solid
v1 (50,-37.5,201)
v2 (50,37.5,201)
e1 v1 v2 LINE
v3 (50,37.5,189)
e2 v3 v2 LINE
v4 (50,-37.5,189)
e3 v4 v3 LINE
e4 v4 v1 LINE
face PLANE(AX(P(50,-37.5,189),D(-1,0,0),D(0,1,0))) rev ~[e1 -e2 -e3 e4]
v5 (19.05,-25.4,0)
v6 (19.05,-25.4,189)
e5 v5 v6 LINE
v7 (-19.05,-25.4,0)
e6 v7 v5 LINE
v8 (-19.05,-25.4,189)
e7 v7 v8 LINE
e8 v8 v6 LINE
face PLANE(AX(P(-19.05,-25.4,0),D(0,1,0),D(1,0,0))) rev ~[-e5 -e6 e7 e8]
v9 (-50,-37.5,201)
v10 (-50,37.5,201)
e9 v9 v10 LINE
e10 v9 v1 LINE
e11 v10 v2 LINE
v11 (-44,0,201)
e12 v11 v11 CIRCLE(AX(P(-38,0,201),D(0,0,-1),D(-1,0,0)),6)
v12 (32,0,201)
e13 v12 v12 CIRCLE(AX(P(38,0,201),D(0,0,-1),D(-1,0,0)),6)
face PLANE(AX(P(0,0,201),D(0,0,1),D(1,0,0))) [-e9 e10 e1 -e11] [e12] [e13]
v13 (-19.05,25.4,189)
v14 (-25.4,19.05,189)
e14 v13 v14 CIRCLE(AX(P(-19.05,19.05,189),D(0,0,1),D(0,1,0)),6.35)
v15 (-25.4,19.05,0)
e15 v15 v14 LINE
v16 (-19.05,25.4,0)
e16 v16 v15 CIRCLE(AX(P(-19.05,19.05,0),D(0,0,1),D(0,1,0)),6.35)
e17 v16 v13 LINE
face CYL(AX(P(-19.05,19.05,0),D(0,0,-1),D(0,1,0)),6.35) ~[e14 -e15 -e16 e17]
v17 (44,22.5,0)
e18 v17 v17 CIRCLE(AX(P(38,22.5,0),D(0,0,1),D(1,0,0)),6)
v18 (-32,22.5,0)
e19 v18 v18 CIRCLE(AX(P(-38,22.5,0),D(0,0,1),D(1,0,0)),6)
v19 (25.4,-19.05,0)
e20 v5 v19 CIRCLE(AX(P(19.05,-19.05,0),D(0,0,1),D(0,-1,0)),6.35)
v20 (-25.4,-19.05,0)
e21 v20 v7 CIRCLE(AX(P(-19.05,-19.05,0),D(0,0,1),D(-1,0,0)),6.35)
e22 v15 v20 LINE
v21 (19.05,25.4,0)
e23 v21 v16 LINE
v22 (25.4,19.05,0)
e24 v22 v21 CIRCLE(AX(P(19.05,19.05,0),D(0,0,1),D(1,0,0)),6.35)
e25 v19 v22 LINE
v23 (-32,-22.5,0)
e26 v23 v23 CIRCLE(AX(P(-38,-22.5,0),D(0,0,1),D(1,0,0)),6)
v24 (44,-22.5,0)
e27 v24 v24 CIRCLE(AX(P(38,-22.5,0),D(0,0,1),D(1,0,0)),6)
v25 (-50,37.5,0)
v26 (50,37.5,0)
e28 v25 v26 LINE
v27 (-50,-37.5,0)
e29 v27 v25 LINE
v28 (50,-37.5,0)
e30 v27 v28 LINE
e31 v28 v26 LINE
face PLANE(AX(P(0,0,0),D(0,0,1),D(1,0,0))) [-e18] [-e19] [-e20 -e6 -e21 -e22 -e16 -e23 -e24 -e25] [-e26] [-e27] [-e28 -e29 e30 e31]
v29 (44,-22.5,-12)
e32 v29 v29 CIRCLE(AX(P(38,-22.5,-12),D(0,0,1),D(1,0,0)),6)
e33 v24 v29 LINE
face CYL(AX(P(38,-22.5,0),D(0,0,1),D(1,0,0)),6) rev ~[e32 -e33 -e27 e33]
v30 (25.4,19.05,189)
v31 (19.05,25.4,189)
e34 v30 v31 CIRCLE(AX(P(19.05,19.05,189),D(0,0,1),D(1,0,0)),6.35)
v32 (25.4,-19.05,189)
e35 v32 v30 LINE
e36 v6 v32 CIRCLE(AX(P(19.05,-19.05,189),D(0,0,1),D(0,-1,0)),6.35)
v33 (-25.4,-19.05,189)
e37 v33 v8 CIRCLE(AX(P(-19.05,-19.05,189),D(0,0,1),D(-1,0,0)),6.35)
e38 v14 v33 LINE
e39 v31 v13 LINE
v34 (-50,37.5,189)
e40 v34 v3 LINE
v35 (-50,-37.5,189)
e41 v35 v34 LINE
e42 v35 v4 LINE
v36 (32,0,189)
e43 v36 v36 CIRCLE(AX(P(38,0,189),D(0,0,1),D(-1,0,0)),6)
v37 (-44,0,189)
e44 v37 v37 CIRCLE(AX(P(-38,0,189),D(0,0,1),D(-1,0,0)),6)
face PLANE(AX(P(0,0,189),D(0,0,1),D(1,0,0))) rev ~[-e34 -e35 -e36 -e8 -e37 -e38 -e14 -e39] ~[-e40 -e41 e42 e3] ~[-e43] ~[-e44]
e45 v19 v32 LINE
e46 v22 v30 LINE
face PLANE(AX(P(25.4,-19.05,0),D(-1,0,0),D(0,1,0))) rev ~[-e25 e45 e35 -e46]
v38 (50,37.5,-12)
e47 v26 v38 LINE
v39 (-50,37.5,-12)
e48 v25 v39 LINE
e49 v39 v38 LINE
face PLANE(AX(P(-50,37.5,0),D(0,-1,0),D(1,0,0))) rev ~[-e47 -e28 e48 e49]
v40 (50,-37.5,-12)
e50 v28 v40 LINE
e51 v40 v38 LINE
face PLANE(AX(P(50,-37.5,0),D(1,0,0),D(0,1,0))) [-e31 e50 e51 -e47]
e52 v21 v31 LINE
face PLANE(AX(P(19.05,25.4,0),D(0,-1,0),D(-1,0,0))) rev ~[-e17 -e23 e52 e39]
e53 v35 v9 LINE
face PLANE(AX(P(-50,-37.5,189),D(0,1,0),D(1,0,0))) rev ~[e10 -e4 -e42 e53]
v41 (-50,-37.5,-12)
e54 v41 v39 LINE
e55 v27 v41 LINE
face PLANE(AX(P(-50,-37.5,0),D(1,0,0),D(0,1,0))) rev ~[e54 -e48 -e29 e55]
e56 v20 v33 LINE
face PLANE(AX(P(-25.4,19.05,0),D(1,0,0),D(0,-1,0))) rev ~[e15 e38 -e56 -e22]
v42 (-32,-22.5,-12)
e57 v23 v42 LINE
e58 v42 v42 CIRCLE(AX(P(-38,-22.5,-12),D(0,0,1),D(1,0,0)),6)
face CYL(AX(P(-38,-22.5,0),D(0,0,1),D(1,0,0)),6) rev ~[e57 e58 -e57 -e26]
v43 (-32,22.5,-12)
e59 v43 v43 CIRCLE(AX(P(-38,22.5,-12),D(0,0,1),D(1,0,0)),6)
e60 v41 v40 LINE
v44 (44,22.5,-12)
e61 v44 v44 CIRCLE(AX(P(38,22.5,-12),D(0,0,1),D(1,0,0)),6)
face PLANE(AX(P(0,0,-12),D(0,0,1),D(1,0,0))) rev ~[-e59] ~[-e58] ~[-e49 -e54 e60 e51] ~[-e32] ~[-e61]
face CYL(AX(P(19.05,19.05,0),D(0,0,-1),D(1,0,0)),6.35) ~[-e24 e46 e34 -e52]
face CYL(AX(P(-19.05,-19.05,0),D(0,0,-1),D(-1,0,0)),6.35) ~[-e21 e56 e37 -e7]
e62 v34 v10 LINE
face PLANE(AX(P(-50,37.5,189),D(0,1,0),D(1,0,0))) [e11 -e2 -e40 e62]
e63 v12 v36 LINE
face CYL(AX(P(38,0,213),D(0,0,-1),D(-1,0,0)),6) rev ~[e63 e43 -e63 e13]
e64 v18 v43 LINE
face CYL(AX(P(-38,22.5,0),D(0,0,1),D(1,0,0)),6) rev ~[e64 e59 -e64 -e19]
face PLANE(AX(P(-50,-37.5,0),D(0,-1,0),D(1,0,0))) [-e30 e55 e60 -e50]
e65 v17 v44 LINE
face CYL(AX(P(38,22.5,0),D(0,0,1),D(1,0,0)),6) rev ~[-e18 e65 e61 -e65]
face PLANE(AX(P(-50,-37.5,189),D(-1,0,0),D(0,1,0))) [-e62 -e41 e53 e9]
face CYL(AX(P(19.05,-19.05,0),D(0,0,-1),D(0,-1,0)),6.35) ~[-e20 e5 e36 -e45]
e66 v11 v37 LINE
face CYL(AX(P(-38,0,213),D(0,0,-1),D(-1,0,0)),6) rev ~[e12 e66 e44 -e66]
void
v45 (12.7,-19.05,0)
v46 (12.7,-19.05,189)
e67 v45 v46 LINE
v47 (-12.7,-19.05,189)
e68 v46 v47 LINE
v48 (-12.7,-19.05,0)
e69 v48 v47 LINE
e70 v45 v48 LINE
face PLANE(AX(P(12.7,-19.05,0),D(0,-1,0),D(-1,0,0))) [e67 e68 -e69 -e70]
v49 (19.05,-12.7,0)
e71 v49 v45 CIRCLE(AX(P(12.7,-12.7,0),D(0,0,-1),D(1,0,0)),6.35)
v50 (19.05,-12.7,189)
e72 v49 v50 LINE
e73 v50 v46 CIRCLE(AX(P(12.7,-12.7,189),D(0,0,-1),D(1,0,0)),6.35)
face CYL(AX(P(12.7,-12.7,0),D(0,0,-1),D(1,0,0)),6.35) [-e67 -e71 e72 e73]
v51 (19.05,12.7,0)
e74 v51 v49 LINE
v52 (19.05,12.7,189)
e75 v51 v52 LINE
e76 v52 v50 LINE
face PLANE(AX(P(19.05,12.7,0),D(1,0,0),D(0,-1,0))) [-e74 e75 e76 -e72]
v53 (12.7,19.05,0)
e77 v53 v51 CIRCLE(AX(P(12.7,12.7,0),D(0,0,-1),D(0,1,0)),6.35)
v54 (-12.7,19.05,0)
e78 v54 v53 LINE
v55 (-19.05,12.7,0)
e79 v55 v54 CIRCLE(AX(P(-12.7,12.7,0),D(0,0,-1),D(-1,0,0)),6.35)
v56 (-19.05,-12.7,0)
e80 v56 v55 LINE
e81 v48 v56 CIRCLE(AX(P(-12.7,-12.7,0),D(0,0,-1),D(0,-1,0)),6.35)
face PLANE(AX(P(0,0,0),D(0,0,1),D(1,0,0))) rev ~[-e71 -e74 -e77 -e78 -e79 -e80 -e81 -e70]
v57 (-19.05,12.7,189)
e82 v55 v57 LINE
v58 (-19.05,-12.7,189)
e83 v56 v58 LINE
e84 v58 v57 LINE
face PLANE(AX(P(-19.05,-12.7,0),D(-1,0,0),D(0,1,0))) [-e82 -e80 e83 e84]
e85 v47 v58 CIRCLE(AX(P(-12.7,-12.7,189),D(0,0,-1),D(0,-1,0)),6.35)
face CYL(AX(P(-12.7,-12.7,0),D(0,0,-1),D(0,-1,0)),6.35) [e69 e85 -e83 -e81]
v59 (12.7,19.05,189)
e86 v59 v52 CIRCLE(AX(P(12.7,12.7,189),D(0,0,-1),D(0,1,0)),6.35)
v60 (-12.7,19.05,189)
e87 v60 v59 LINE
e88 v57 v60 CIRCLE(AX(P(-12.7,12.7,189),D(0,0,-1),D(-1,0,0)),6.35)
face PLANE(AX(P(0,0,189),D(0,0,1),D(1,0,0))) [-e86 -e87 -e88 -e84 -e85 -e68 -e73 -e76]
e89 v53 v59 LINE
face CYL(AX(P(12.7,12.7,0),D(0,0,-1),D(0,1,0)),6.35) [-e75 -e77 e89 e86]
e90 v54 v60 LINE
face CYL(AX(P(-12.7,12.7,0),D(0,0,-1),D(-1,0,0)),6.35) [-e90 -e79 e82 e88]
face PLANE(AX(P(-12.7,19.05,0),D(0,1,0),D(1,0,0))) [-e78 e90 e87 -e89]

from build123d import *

# Parameters (mm, degrees)
F0_W     = 100
F0_H     = 75
F1_DEPTH = 12
F3_DEPTH = 189
F5_W     = 100
F5_H     = 75
F6_DEPTH = 12
F8_D     = 12
F8_DEPTH = 12
F8_TIP   = 3.6051637142
F9_D     = 12
F9_DEPTH = 12
F9_TIP   = 3.6051637142


with BuildPart() as f1:
    # F0 (on Top) → F1 (new body)
    with BuildSketch(Plane.XY):
        Rectangle(F0_W, F0_H)
    extrude(amount=-F1_DEPTH)

    # F2 (on face) → F3 (join)
    with BuildSketch(Plane.XY):
        with BuildLine():
            Line((-19.05, -25.4), (19.05, -25.4))
            ThreePointArc((19.05, -25.4), (23.5401280605, -23.5401280605), (25.4, -19.05))
            Line((25.4, -19.05), (25.4, 19.05))
            ThreePointArc((25.4, 19.05), (23.5401280605, 23.5401280605), (19.05, 25.4))
            Line((19.05, 25.4), (-19.05, 25.4))
            ThreePointArc((-19.05, 25.4), (-23.5401280605, 23.5401280605), (-25.4, 19.05))
            Line((-25.4, 19.05), (-25.4, -19.05))
            ThreePointArc((-25.4, -19.05), (-23.5401280605, -23.5401280605), (-19.05, -25.4))
        make_face()
        with BuildLine():
            Line((-12.7, 19.05), (12.7, 19.05))
            ThreePointArc((12.7, 19.05), (17.1901280605, 17.1901280605), (19.05, 12.7))
            Line((19.05, 12.7), (19.05, -12.7))
            ThreePointArc((19.05, -12.7), (17.1901280605, -17.1901280605), (12.7, -19.05))
            Line((12.7, -19.05), (-12.7, -19.05))
            ThreePointArc((-12.7, -19.05), (-17.1901280605, -17.1901280605), (-19.05, -12.7))
            Line((-19.05, -12.7), (-19.05, 12.7))
            ThreePointArc((-19.05, 12.7), (-17.1901280605, 17.1901280605), (-12.7, 19.05))
        make_face(mode=Mode.SUBTRACT)
    extrude(amount=F3_DEPTH)

    # F5 (on face) → F6 (join)
    with BuildSketch(Plane.XY.offset(189)):
        Rectangle(F5_W, F5_H)
        with BuildLine():
            Line((19.05, -25.4), (-19.05, -25.4))
            ThreePointArc((-19.05, -25.4), (-23.5401280605, -23.5401280605), (-25.4, -19.05))
            Line((-25.4, -19.05), (-25.4, 19.05))
            ThreePointArc((-25.4, 19.05), (-23.5401280605, 23.5401280605), (-19.05, 25.4))
            Line((-19.05, 25.4), (19.05, 25.4))
            ThreePointArc((19.05, 25.4), (23.5401280605, 23.5401280605), (25.4, 19.05))
            Line((25.4, 19.05), (25.4, -19.05))
            ThreePointArc((25.4, -19.05), (23.5401280605, -23.5401280605), (19.05, -25.4))
        make_face(mode=Mode.SUBTRACT)
        with BuildLine():
            ThreePointArc((-25.4, -19.05), (-23.5401280605, -23.5401280605), (-19.05, -25.4))
            Line((-19.05, -25.4), (19.05, -25.4))
            ThreePointArc((19.05, -25.4), (23.5401280605, -23.5401280605), (25.4, -19.05))
            Line((25.4, -19.05), (25.4, 19.05))
            ThreePointArc((25.4, 19.05), (23.5401280605, 23.5401280605), (19.05, 25.4))
            Line((19.05, 25.4), (-19.05, 25.4))
            ThreePointArc((-19.05, 25.4), (-23.5401280605, 23.5401280605), (-25.4, 19.05))
            Line((-25.4, 19.05), (-25.4, -19.05))
        make_face()
        with BuildLine():
            Line((-19.05, -12.7), (-19.05, 12.7))
            ThreePointArc((-19.05, 12.7), (-17.1901280605, 17.1901280605), (-12.7, 19.05))
            Line((-12.7, 19.05), (12.7, 19.05))
            ThreePointArc((12.7, 19.05), (17.1901280605, 17.1901280605), (19.05, 12.7))
            Line((19.05, 12.7), (19.05, -12.7))
            ThreePointArc((19.05, -12.7), (17.1901280605, -17.1901280605), (12.7, -19.05))
            Line((12.7, -19.05), (-12.7, -19.05))
            ThreePointArc((-12.7, -19.05), (-17.1901280605, -17.1901280605), (-19.05, -12.7))
        make_face(mode=Mode.SUBTRACT)
        with BuildLine():
            ThreePointArc((-12.7, 19.05), (-17.1901280605, 17.1901280605), (-19.05, 12.7))
            Line((-19.05, 12.7), (-19.05, -12.7))
            ThreePointArc((-19.05, -12.7), (-17.1901280605, -17.1901280605), (-12.7, -19.05))
            Line((-12.7, -19.05), (12.7, -19.05))
            ThreePointArc((12.7, -19.05), (17.1901280605, -17.1901280605), (19.05, -12.7))
            Line((19.05, -12.7), (19.05, 12.7))
            ThreePointArc((19.05, 12.7), (17.1901280605, 17.1901280605), (12.7, 19.05))
            Line((12.7, 19.05), (-12.7, 19.05))
        make_face()
    extrude(amount=F6_DEPTH)

    # F8
    with Locations(Plane.XY.offset(201)):
        with Locations((-38, 0), (38, 0)):
            Hole(F8_D / 2, depth=F8_DEPTH)
            with Locations((0, 0, -(F8_DEPTH + F8_TIP / 2))):  # 118° drill point
                Cone(0, F8_D / 2, F8_TIP, mode=Mode.SUBTRACT)

    # F9 (one way)
    with BuildSketch(Plane.XY):
        with Locations((-38, 22.5), (38, 22.5), (38, -22.5), (-38, -22.5)):
            Circle(F9_D / 2)
    extrude(amount=-F9_DEPTH, mode=Mode.SUBTRACT)
    with Locations(Plane.XY):
        with Locations((-38, 22.5), (38, 22.5), (38, -22.5), (-38, -22.5)):
            with Locations((0, 0, -(F9_DEPTH + F9_TIP / 2))):  # 118° drill point
                Cone(0, F9_D / 2, F9_TIP, mode=Mode.SUBTRACT)


solid = f1.part
